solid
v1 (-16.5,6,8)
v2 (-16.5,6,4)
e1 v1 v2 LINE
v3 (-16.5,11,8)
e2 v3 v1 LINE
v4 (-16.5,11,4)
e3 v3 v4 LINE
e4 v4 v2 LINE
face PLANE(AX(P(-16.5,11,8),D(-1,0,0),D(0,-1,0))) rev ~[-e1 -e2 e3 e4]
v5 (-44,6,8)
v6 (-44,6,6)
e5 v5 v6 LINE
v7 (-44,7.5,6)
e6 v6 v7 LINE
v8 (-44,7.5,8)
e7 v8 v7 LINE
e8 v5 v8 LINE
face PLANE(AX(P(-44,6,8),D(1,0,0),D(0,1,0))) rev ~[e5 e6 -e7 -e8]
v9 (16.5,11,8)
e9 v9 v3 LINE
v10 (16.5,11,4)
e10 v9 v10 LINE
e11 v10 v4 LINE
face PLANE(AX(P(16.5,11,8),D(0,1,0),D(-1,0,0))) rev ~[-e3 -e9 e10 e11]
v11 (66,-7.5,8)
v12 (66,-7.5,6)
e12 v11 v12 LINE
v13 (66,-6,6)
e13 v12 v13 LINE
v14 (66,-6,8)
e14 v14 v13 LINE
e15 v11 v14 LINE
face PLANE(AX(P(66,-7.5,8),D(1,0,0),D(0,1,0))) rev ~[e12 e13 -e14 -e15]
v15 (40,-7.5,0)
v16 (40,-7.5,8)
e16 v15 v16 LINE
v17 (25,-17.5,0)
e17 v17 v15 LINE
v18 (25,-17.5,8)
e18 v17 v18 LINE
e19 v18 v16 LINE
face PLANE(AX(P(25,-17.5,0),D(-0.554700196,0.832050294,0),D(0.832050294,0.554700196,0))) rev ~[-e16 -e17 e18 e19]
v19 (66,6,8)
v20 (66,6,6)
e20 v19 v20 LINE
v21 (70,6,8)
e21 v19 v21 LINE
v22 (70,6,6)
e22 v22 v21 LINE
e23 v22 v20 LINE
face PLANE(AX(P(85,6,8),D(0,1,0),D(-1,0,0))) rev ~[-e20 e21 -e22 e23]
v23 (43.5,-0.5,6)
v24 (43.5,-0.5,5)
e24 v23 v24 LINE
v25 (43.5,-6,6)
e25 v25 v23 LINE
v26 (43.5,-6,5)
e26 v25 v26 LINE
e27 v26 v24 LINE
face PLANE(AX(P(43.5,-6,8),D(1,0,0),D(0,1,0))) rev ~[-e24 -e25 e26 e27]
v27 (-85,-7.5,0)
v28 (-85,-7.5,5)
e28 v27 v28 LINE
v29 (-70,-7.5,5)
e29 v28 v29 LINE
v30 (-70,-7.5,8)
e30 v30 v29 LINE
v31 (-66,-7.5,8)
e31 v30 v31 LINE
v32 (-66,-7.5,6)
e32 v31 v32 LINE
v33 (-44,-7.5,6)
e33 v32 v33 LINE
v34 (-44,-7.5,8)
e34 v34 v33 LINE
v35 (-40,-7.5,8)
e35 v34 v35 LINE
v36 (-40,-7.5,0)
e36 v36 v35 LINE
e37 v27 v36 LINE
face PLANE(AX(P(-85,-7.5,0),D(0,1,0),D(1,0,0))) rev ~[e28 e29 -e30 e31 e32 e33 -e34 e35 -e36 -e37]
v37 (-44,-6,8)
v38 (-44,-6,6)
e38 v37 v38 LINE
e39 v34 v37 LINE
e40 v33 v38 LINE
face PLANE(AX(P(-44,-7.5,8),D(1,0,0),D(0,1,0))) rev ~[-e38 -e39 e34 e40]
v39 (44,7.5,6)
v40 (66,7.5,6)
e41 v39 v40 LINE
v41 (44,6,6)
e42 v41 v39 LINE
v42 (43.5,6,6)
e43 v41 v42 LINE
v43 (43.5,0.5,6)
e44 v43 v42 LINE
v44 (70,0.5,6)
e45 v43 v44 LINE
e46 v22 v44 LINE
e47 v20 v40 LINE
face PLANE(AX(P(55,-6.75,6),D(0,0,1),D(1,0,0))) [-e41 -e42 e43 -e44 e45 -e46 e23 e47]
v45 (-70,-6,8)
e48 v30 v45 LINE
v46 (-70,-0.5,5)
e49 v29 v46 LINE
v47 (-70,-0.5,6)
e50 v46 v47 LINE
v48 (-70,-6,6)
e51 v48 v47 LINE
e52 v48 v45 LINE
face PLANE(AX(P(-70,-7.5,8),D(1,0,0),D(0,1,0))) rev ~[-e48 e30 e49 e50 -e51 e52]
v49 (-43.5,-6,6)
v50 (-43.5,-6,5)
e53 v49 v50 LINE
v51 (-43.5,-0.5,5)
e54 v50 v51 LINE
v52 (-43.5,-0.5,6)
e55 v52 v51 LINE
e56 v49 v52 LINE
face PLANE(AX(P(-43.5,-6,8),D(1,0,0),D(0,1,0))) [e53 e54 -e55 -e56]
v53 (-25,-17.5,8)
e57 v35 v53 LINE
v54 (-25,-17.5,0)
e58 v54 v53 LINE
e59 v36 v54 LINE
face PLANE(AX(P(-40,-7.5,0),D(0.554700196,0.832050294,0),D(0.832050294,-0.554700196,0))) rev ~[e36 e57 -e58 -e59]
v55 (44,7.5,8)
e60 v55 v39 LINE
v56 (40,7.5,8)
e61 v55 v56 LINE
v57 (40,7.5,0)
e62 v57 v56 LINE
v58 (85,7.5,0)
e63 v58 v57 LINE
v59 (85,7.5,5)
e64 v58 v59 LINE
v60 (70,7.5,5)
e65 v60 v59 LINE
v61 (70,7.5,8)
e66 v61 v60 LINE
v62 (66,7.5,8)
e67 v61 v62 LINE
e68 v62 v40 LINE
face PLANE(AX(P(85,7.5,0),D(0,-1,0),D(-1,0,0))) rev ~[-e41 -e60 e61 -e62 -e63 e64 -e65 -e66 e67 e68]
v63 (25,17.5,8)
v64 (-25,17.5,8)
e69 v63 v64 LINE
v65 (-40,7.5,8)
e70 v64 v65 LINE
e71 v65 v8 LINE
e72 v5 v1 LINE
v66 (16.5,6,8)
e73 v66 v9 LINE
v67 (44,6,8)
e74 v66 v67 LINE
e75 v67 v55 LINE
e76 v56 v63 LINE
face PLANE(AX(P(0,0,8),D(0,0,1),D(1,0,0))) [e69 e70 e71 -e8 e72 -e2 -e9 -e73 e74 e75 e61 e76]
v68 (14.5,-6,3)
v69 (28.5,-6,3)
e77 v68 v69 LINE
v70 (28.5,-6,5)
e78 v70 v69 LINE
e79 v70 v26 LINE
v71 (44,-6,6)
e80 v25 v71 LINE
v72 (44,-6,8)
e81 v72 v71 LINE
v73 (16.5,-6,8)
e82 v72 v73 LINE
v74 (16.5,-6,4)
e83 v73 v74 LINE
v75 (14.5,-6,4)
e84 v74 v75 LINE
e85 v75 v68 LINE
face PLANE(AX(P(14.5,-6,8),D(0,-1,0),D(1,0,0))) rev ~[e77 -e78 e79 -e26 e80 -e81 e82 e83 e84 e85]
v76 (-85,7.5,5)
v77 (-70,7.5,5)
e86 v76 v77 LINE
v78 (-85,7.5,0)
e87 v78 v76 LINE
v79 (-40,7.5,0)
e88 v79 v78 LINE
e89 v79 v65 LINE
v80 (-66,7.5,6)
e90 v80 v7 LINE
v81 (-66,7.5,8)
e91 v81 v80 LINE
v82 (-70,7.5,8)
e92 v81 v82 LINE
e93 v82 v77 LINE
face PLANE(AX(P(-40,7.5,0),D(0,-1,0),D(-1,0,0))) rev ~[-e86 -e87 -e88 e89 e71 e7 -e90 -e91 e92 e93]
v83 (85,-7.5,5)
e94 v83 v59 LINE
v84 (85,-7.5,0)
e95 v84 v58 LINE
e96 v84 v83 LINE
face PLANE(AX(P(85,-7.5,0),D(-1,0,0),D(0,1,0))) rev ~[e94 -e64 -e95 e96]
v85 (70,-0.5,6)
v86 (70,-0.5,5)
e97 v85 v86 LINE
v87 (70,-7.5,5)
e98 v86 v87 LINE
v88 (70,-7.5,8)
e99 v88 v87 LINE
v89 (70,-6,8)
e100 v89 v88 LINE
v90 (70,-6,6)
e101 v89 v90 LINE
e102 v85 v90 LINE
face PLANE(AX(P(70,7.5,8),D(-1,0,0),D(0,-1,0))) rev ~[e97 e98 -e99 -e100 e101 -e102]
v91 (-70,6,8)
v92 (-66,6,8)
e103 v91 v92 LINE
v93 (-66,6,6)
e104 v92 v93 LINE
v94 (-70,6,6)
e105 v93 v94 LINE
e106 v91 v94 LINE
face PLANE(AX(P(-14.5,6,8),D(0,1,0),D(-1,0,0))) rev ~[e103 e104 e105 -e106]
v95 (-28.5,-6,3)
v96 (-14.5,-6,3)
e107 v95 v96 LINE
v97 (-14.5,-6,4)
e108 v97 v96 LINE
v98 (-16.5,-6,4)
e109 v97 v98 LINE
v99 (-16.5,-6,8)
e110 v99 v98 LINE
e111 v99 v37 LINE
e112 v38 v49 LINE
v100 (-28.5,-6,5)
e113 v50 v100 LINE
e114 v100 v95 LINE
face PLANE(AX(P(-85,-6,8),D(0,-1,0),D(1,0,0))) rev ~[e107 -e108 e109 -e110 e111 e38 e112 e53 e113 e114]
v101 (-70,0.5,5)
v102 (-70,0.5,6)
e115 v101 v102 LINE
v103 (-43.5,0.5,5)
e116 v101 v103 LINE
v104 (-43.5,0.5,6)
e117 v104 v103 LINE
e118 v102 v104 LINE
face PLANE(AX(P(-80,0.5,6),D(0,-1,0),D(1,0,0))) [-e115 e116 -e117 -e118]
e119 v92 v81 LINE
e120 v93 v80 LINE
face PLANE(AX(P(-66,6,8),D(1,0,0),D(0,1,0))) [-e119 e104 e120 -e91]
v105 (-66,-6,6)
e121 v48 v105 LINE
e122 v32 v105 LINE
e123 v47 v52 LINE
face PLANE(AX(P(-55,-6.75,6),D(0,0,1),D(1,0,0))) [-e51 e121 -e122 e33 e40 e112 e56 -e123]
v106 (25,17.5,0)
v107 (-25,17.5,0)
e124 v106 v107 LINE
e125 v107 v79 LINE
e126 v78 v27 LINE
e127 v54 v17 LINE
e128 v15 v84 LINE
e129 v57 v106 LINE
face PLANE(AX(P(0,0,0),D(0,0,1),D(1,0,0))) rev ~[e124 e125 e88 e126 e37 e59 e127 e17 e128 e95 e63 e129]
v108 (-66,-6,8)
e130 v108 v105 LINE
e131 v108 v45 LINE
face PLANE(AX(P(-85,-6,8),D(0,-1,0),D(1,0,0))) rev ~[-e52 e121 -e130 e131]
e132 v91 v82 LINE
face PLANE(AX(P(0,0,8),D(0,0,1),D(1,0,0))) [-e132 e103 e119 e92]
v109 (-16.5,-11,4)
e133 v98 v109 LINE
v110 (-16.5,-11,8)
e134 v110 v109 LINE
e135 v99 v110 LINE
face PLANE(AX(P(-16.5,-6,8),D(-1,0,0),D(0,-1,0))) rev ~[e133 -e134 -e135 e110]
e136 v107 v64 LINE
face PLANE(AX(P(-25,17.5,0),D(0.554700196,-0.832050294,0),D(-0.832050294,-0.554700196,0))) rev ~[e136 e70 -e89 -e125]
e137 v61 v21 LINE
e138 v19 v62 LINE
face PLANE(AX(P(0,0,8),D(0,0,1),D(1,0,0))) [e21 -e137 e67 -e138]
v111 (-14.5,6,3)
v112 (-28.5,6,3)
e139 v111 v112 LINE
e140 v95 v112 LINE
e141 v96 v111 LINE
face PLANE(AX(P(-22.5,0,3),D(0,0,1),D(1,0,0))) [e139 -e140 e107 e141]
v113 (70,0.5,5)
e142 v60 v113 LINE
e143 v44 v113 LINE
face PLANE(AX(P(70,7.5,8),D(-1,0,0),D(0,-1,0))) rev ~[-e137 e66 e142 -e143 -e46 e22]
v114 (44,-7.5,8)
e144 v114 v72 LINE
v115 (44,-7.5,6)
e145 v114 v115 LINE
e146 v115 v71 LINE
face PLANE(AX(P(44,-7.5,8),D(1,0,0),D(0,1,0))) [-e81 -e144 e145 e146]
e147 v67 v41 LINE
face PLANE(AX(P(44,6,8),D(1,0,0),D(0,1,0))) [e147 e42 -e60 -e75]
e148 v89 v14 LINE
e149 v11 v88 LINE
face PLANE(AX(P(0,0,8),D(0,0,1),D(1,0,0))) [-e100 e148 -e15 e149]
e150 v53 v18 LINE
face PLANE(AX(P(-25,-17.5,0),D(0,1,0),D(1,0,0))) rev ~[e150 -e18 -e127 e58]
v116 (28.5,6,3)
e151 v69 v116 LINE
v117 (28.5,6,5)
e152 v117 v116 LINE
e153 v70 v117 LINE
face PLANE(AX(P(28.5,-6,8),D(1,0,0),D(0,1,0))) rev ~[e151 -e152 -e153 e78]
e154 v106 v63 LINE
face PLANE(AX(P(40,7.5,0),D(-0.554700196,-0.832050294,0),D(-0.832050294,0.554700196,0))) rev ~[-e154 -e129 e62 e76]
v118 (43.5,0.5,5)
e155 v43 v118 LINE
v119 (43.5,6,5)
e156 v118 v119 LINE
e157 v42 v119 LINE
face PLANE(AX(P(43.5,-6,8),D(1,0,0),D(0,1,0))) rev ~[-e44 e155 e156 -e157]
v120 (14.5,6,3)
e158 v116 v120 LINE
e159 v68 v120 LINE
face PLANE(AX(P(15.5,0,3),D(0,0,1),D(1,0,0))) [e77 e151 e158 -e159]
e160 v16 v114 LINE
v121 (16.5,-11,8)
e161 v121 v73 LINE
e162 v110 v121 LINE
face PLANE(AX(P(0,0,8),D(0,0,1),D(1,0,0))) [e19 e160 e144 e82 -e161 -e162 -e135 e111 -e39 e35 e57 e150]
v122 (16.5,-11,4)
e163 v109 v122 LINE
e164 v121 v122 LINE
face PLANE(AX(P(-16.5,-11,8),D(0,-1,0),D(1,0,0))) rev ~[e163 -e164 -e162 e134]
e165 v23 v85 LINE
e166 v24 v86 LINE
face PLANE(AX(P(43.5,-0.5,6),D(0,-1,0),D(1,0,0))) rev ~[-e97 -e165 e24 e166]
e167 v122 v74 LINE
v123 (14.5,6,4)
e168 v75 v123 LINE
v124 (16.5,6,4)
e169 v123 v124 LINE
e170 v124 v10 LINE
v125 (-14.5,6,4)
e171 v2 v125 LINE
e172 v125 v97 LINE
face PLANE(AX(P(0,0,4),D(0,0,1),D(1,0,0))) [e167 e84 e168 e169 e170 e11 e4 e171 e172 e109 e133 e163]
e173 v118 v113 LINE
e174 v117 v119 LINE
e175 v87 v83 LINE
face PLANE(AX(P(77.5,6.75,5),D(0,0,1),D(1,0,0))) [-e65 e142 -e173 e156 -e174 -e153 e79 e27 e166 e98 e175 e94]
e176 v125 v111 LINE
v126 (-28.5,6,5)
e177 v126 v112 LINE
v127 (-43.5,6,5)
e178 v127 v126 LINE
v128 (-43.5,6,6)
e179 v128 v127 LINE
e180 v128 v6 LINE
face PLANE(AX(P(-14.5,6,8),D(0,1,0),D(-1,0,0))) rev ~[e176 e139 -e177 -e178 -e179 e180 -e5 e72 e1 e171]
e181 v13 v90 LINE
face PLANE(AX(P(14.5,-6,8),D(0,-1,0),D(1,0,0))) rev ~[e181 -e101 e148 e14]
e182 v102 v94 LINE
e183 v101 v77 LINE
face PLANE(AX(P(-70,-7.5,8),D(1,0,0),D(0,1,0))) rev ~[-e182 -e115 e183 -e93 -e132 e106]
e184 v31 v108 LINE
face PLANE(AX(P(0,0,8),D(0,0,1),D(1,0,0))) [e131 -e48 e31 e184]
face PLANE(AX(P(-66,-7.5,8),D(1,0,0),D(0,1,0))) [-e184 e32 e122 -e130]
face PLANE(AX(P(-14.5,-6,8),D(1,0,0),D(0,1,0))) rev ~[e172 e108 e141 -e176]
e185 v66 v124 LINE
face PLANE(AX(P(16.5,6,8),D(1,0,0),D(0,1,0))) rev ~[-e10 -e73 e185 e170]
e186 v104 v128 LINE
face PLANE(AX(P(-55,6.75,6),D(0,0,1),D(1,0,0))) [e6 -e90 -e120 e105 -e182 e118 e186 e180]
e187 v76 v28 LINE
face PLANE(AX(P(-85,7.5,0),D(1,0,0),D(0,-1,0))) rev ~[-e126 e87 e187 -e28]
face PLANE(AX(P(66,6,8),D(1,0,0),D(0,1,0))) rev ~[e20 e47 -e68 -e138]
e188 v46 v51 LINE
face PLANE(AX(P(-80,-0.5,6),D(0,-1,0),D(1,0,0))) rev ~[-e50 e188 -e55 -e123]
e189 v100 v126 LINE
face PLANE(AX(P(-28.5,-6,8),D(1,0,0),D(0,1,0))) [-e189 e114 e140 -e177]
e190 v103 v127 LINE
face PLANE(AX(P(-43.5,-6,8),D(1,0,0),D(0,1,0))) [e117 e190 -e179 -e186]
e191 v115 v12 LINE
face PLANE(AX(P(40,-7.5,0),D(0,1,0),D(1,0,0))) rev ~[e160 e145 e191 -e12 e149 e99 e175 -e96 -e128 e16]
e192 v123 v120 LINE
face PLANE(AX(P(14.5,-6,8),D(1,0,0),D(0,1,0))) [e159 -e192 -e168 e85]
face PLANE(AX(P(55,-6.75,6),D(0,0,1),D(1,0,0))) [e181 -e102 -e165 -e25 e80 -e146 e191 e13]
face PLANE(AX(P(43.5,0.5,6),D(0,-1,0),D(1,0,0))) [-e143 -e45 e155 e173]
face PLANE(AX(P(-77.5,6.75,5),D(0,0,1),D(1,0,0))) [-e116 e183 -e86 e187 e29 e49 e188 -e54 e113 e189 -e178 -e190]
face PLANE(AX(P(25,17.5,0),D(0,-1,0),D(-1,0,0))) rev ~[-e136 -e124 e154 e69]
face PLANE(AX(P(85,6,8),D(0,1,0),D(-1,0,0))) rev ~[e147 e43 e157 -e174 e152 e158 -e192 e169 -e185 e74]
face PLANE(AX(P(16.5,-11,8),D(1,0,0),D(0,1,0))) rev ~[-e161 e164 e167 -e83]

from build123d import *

# Parameters (mm, degrees)
F1_DEPTH  = 8
F2_W      = 15
F2_H      = 12
F2_W_2    = 4
F2_W_3    = 22
F2_W_4    = 0.5
F3_DEPTH  = 2
F4_DEPTH  = 3
F2_W_5    = 12
F2_W_6    = 2
F5_DEPTH  = 5
F6_DEPTH  = 4
F8_W      = 36.5
F8_H      = 1
F7_W      = 36.5
F7_H      = 1
F9_DEPTH  = 1
F2_H_2    = 1.5
F10_DEPTH = 3
F11_DEPTH = 2
F12_DEPTH = 2
F13_DEPTH = 3


with BuildPart() as f1:
    # F0 (on Top) → F1 (new body)
    with BuildSketch(Plane.XY):
        Polygon((-40, -7.5), (-25, -17.5), (25, -17.5), (40, -7.5), (85, -7.5), (85, 7.5), (40, 7.5), (25, 17.5), (-25, 17.5), (-40, 7.5), (-85, 7.5), (-85, -7.5), align=None)
    extrude(amount=F1_DEPTH)

    # F2 (on face) → F3 (cut)
    with BuildSketch(Plane.XY.offset(8)):
        with Locations((-77.5, 0)):
            Rectangle(F2_W, F2_H)
        with Locations((-68, 0)):
            Rectangle(F2_W_2, F2_H)
        with Locations((-55, 0)):
            Rectangle(F2_W_3, F2_H)
        with Locations((-43.75, 0)):
            Rectangle(F2_W_4, F2_H)
        with Locations((77.5, 0)):
            Rectangle(F2_W, F2_H)
        with Locations((68, 0)):
            Rectangle(F2_W_2, F2_H)
        with Locations((55, 0)):
            Rectangle(F2_W_3, F2_H)
        with Locations((43.75, 0)):
            Rectangle(F2_W_4, F2_H)
    extrude(amount=-F3_DEPTH, mode=Mode.SUBTRACT)

    # F2 (on face) → F4 (cut)
    with BuildSketch(Plane.XY.offset(8)):
        with Locations((-36, 0)):
            Rectangle(F2_W, F2_H)
        with Locations((36, 0)):
            Rectangle(F2_W, F2_H)
    extrude(amount=-F4_DEPTH, mode=Mode.SUBTRACT)

    # F2 (on face) → F5 (cut)
    with BuildSketch(Plane.XY.offset(8)):
        with Locations((-22.5, 0)):
            Rectangle(F2_W_5, F2_H)
        with Locations((-15.5, 0)):
            Rectangle(F2_W_6, F2_H)
        with Locations((15.5, 0)):
            Rectangle(F2_W_6, F2_H)
        with Locations((22.5, 0)):
            Rectangle(F2_W_5, F2_H)
    extrude(amount=-F5_DEPTH, mode=Mode.SUBTRACT)

    # F2 (on face) → F6 (cut)
    with BuildSketch(Plane.XY.offset(8)):
        Polygon((16.5, 11), (-16.5, 11), (-16.5, 6), (-14.5, 6), (-14.5, -6), (-16.5, -6), (-16.5, -11), (16.5, -11), (16.5, -6), (14.5, -6), (14.5, 6), (16.5, 6), align=None)
    extrude(amount=-F6_DEPTH, mode=Mode.SUBTRACT)

    # F8 (on face) + F7 (on face) → F9 (cut)
    with BuildSketch(Plane.XY.offset(6)):
        with Locations((61.75, 0)):
            Rectangle(F8_W, F8_H)
    with BuildSketch(Plane.XY.offset(6)):
        with Locations((-61.75, 0)):
            Rectangle(F7_W, F7_H)
    extrude(amount=-F9_DEPTH, mode=Mode.SUBTRACT)

    # F2 (on face) → F10 (cut)
    with BuildSketch(Plane.XY.offset(8)):
        with Locations((-77.5, 6.75)):
            Rectangle(F2_W, F2_H_2)
        with Locations((-77.5, 0)):
            Rectangle(F2_W, F2_H)
        with Locations((-77.5, -6.75)):
            Rectangle(F2_W, F2_H_2)
    extrude(amount=-F10_DEPTH, mode=Mode.SUBTRACT)

    # F2 (on face) → F11 (cut)
    with BuildSketch(Plane.XY.offset(8)):
        with Locations((-55, 6.75)):
            Rectangle(F2_W_3, F2_H_2)
        with Locations((-55, -6.75)):
            Rectangle(F2_W_3, F2_H_2)
    extrude(amount=-F11_DEPTH, mode=Mode.SUBTRACT)

    # F2 (on face) → F12 (cut)
    with BuildSketch(Plane.XY.offset(8)):
        with Locations((55, 6.75)):
            Rectangle(F2_W_3, F2_H_2)
        with Locations((55, -6.75)):
            Rectangle(F2_W_3, F2_H_2)
    extrude(amount=-F12_DEPTH, mode=Mode.SUBTRACT)

    # F2 (on face) → F13 (cut)
    with BuildSketch(Plane.XY.offset(8)):
        with Locations((77.5, 6.75)):
            Rectangle(F2_W, F2_H_2)
        with Locations((77.5, -6.75)):
            Rectangle(F2_W, F2_H_2)
        with Locations((77.5, 0)):
            Rectangle(F2_W, F2_H)
    extrude(amount=-F13_DEPTH, mode=Mode.SUBTRACT)


solid = f1.part
